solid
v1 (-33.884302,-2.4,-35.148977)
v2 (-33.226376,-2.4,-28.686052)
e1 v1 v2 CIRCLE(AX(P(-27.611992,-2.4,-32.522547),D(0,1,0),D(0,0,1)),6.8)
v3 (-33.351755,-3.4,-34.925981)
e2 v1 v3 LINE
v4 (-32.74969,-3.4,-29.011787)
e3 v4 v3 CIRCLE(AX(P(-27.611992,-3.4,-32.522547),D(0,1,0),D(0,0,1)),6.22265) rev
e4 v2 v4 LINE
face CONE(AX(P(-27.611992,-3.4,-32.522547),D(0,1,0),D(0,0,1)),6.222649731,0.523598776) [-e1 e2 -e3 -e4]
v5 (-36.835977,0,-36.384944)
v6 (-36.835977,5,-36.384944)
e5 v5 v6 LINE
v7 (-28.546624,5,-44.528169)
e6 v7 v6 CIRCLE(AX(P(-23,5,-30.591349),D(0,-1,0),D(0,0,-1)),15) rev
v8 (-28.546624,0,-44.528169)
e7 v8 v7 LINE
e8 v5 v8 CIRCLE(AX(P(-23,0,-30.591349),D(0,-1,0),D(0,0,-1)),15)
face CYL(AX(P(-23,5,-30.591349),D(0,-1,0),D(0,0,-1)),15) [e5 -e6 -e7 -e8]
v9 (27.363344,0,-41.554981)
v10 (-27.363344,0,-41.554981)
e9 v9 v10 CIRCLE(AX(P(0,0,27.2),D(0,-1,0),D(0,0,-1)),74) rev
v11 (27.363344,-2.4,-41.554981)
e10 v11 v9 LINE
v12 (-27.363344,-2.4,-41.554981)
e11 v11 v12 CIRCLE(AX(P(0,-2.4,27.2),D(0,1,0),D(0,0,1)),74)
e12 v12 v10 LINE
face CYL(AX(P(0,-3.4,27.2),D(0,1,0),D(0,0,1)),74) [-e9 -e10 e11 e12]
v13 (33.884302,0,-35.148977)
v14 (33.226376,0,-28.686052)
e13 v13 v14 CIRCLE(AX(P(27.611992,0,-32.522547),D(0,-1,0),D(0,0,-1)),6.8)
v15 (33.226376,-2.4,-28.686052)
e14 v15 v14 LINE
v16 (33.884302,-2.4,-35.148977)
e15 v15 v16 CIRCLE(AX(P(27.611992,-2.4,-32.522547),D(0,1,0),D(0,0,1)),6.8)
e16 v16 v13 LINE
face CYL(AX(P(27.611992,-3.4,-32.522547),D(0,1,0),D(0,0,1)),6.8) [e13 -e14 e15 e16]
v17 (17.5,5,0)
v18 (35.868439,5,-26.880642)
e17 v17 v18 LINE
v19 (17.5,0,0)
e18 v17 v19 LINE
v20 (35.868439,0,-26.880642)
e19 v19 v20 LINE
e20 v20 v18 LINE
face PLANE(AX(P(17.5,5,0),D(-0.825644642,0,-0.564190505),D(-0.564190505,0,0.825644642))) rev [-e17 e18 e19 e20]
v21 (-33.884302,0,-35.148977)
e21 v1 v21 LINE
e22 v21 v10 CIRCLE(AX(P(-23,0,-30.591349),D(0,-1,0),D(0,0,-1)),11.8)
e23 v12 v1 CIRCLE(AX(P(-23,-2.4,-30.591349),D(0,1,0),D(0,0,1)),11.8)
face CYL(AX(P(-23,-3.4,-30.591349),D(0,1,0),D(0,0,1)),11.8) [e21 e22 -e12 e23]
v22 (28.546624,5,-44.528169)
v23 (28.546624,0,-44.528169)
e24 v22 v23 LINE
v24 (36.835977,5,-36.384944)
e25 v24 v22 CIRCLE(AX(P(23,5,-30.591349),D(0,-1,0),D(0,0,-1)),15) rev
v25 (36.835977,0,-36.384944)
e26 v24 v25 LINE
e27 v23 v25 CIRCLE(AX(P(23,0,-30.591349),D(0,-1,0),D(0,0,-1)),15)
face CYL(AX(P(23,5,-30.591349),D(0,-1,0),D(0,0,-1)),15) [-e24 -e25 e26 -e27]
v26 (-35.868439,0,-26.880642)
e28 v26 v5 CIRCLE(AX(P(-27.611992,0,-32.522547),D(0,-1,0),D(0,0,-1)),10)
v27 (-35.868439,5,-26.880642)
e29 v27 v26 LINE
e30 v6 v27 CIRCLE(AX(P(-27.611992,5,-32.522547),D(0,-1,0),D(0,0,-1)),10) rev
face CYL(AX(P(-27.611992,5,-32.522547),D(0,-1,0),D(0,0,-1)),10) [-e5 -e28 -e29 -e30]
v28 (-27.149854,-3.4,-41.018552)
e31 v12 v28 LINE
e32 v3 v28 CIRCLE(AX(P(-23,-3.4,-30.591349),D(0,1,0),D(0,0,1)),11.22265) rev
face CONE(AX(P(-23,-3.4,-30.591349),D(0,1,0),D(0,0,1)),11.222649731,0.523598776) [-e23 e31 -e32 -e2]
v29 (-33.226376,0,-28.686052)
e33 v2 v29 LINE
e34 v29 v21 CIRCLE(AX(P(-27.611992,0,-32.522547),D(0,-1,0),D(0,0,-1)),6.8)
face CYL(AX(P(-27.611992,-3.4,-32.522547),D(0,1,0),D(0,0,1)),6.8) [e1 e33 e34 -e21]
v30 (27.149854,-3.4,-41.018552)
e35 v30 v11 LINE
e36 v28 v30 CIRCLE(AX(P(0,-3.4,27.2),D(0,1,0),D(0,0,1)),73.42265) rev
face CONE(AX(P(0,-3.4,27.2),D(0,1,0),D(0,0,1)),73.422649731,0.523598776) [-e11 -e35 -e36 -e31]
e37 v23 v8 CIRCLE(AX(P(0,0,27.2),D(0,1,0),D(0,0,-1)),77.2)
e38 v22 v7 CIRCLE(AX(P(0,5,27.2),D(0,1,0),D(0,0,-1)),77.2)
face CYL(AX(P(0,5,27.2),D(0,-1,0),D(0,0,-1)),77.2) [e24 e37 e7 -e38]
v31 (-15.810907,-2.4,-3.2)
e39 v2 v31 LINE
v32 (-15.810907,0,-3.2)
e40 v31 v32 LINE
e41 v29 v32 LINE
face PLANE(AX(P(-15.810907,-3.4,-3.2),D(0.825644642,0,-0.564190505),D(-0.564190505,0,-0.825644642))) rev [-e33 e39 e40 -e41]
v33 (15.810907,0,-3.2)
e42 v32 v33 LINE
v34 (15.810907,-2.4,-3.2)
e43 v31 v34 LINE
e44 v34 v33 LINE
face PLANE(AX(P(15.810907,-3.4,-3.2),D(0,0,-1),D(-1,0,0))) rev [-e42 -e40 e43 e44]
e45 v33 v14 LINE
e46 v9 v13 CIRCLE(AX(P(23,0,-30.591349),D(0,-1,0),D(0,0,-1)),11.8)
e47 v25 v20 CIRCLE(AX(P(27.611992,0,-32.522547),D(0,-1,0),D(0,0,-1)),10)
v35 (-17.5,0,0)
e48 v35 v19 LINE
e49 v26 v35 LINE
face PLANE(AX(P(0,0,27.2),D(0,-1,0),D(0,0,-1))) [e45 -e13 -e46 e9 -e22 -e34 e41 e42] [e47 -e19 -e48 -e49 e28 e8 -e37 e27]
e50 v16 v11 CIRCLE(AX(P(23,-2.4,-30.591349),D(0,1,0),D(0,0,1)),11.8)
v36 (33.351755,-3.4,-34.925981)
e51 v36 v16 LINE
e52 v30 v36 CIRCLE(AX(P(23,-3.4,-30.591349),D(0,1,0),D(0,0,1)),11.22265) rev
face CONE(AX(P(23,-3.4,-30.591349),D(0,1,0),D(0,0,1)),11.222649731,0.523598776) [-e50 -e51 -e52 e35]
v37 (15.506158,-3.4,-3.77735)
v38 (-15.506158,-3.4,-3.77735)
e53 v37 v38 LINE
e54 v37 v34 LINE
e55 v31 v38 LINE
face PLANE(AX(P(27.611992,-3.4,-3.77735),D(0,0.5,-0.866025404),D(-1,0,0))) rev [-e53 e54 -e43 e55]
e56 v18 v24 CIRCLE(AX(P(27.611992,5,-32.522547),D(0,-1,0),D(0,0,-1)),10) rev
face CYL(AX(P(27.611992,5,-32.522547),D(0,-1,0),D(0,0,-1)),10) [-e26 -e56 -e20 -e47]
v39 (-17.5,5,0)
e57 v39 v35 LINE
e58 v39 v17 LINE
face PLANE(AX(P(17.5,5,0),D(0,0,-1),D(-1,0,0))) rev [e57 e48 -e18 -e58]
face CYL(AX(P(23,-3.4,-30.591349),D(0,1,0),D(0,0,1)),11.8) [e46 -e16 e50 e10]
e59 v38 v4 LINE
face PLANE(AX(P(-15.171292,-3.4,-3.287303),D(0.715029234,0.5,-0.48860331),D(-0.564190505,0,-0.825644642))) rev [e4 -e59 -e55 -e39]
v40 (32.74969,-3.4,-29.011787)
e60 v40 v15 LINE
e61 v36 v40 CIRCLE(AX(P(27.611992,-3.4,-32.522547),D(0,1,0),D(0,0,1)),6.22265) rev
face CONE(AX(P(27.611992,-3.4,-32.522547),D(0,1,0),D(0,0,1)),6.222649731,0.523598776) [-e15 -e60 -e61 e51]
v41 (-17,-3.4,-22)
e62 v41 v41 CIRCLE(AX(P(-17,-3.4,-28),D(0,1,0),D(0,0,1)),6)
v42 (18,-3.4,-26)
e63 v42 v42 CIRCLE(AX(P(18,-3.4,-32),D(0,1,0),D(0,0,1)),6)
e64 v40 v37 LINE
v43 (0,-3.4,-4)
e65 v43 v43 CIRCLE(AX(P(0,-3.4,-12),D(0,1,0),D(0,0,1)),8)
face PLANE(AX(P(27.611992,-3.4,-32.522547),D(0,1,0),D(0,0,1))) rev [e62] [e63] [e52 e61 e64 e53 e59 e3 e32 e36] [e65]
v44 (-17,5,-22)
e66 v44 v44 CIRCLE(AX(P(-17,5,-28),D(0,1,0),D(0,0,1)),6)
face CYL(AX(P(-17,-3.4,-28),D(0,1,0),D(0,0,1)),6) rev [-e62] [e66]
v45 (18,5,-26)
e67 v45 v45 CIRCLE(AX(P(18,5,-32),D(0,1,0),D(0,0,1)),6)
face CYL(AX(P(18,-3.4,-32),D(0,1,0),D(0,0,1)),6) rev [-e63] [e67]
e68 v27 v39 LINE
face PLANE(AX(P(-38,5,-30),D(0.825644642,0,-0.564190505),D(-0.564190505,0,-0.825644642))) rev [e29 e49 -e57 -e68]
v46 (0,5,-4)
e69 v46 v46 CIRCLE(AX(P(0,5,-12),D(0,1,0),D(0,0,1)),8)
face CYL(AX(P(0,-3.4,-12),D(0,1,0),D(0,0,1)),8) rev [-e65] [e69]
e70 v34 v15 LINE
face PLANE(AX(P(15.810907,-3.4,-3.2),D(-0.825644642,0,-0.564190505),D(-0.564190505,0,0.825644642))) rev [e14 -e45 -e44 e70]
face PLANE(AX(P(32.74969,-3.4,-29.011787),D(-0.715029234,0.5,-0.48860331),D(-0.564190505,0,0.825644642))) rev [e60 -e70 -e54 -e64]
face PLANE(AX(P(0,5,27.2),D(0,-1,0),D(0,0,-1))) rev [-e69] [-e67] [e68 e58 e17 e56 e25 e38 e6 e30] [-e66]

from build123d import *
from OCP.BRepFilletAPI import BRepFilletAPI_MakeChamfer

# Parameters (mm, degrees)
BOSS_EXTRUDE1_DEPTH = 5
FILLET2_R           = 15
FILLET3_R           = 10
SHELL1_T            = -3.2
BOSS_EXTRUDE2_DEPTH = 5.2
CHAMFER1_SIZE       = 1
CHAMFER1_SIZE2      = 0.577350269
SKETCH2_R           = 8
CUT_EXTRUDE1_DEPTH  = 64.128614634
SKETCH3_R           = 6
CUT_EXTRUDE2_DEPTH  = 64.128614634


with BuildPart() as part:
    # Sketch1 → Boss-Extrude1 (new body)
    with BuildSketch(Plane(origin=(0, 0, 0), x_dir=(1, 0, 0), z_dir=(0, 1, 0))):
        with BuildLine():
            Line((17.5, 0), (-17.5, 0))
            Line((-17.5, 0), (-38, 30))
            Line((-38, 30), (-38, 40))
            ThreePointArc((-38, 40), (0, 50), (38, 40))
            Line((38, 40), (38, 30))
            Line((38, 30), (17.5, 0))
        make_face()
    extrude(amount=BOSS_EXTRUDE1_DEPTH)

    # Fillet2
    fillet2_edges = [part.edges().sort_by_distance(p)[0] for p in [
        (-38, 2.5, -40),
        (38, 2.5, -40),
    ]]
    fillet(fillet2_edges, radius=FILLET2_R)

    # Fillet3
    fillet3_edges = [part.edges().sort_by_distance(p)[0] for p in [
        (38, 2.5, -30),
        (-38, 2.5, -30),
    ]]
    fillet(fillet3_edges, radius=FILLET3_R)

    # Shell1
    shell1_openings = [part.faces().sort_by_distance(p)[0] for p in [
        (0, 0, -26.14204648),
    ]]
    offset(amount=SHELL1_T, openings=shell1_openings)

    # Sketch5 → Boss-Extrude2 (add)
    with BuildSketch(Plane.XZ.offset(-1.8)):
        with BuildLine():
            Line((15.810907243, -3.2), (-15.810907243, -3.2))
            Line((-15.810907243, -3.2), (-33.226375888, -28.686051676))
            ThreePointArc((-33.226375888, -28.686051676), (-34.377028804, -31.833866159), (-33.88430189, -35.148976767))
            ThreePointArc((-33.88430189, -35.148976767), (-31.269334859, -39.009074238), (-27.363344051, -41.554980927))
            ThreePointArc((-27.363344051, -41.554980927), (0, -46.8), (27.363344051, -41.554980927))
            ThreePointArc((27.363344051, -41.554980927), (31.269334859, -39.009074238), (33.88430189, -35.148976767))
            ThreePointArc((33.88430189, -35.148976767), (34.377028804, -31.833866159), (33.226375888, -28.686051676))
            Line((33.226375888, -28.686051676), (15.810907243, -3.2))
        make_face()
    extrude(amount=BOSS_EXTRUDE2_DEPTH)

    # Chamfer1: one chamfer whose edges measure the first distance from different faces: ONE call of the kernel's chamfer builder (chamfer() names one face for all edges)
    chamfer1_edges_1 = [part.edges().sort_by_distance(p)[0] for p in [
        (24.518641566, -3.4, -15.943025838),
    ]]
    chamfer1_side_1 = [part.faces().sort_by_distance(p)[0] for p in [
        (24.518641566, -1.7, -15.943025838),
    ]]
    chamfer1_edges_2 = [part.edges().sort_by_distance(p)[0] for p in [
        (0, -3.4, -3.2),
    ]]
    chamfer1_side_2 = [part.faces().sort_by_distance(p)[0] for p in [
        (0, -1.7, -3.2),
    ]]
    chamfer1_edges_3 = [part.edges().sort_by_distance(p)[0] for p in [
        (-24.518641566, -3.4, -15.943025838),
    ]]
    chamfer1_side_3 = [part.faces().sort_by_distance(p)[0] for p in [
        (-24.518641566, -1.7, -15.943025838),
    ]]
    chamfer1_edges_4 = [part.edges().sort_by_distance(p)[0] for p in [
        (-34.377028804, -3.4, -31.833866159),
    ]]
    chamfer1_side_4 = [part.faces().sort_by_distance(p)[0] for p in [
        (-34.377028804, -1.7, -31.833866159),
    ]]
    chamfer1_edges_5 = [part.edges().sort_by_distance(p)[0] for p in [
        (-31.269334859, -3.4, -39.009074238),
    ]]
    chamfer1_side_5 = [part.faces().sort_by_distance(p)[0] for p in [
        (-31.269334859, -1.7, -39.009074238),
    ]]
    chamfer1_edges_6 = [part.edges().sort_by_distance(p)[0] for p in [
        (0, -3.4, -46.8),
    ]]
    chamfer1_side_6 = [part.faces().sort_by_distance(p)[0] for p in [
        (0, -1.7, -46.8),
    ]]
    chamfer1_edges_7 = [part.edges().sort_by_distance(p)[0] for p in [
        (31.269334859, -3.4, -39.009074238),
    ]]
    chamfer1_side_7 = [part.faces().sort_by_distance(p)[0] for p in [
        (31.269334859, -1.7, -39.009074238),
    ]]
    chamfer1_edges_8 = [part.edges().sort_by_distance(p)[0] for p in [
        (34.377028804, -3.4, -31.833866159),
    ]]
    chamfer1_side_8 = [part.faces().sort_by_distance(p)[0] for p in [
        (34.377028804, -1.7, -31.833866159),
    ]]
    chamfer1 = BRepFilletAPI_MakeChamfer(part.part.solid().wrapped)
    for e in chamfer1_edges_1:
        chamfer1.Add(CHAMFER1_SIZE, CHAMFER1_SIZE2, e.wrapped, chamfer1_side_1[0].wrapped)  # the first distance lies on this face
    for e in chamfer1_edges_2:
        chamfer1.Add(CHAMFER1_SIZE, CHAMFER1_SIZE2, e.wrapped, chamfer1_side_2[0].wrapped)  # the first distance lies on this face
    for e in chamfer1_edges_3:
        chamfer1.Add(CHAMFER1_SIZE, CHAMFER1_SIZE2, e.wrapped, chamfer1_side_3[0].wrapped)  # the first distance lies on this face
    for e in chamfer1_edges_4:
        chamfer1.Add(CHAMFER1_SIZE, CHAMFER1_SIZE2, e.wrapped, chamfer1_side_4[0].wrapped)  # the first distance lies on this face
    for e in chamfer1_edges_5:
        chamfer1.Add(CHAMFER1_SIZE, CHAMFER1_SIZE2, e.wrapped, chamfer1_side_5[0].wrapped)  # the first distance lies on this face
    for e in chamfer1_edges_6:
        chamfer1.Add(CHAMFER1_SIZE, CHAMFER1_SIZE2, e.wrapped, chamfer1_side_6[0].wrapped)  # the first distance lies on this face
    for e in chamfer1_edges_7:
        chamfer1.Add(CHAMFER1_SIZE, CHAMFER1_SIZE2, e.wrapped, chamfer1_side_7[0].wrapped)  # the first distance lies on this face
    for e in chamfer1_edges_8:
        chamfer1.Add(CHAMFER1_SIZE, CHAMFER1_SIZE2, e.wrapped, chamfer1_side_8[0].wrapped)  # the first distance lies on this face
    add(Compound.cast(chamfer1.Shape()), mode=Mode.REPLACE)

    # Sketch2 → Cut-Extrude1 (cut, through all)
    with BuildSketch(Plane(origin=(0, 5, 0), x_dir=(1, 0, 0), z_dir=(0, 1, 0))):
        with Locations(Location((0, 12, 0), (0, 0, 270))):
            Circle(SKETCH2_R)
    extrude(amount=-CUT_EXTRUDE1_DEPTH, mode=Mode.SUBTRACT)

    # Sketch3 → Cut-Extrude2 (cut, through all)
    with BuildSketch(Plane(origin=(0, 5, 0), x_dir=(1, 0, 0), z_dir=(0, 1, 0))):
        with Locations(Location((-17, 28, 0), (0, 0, 270))):
            Circle(SKETCH3_R)
        with Locations(Location((18, 32, 0), (0, 0, 270))):
            Circle(SKETCH3_R)
    extrude(amount=-CUT_EXTRUDE2_DEPTH, mode=Mode.SUBTRACT)


solid = part.part
